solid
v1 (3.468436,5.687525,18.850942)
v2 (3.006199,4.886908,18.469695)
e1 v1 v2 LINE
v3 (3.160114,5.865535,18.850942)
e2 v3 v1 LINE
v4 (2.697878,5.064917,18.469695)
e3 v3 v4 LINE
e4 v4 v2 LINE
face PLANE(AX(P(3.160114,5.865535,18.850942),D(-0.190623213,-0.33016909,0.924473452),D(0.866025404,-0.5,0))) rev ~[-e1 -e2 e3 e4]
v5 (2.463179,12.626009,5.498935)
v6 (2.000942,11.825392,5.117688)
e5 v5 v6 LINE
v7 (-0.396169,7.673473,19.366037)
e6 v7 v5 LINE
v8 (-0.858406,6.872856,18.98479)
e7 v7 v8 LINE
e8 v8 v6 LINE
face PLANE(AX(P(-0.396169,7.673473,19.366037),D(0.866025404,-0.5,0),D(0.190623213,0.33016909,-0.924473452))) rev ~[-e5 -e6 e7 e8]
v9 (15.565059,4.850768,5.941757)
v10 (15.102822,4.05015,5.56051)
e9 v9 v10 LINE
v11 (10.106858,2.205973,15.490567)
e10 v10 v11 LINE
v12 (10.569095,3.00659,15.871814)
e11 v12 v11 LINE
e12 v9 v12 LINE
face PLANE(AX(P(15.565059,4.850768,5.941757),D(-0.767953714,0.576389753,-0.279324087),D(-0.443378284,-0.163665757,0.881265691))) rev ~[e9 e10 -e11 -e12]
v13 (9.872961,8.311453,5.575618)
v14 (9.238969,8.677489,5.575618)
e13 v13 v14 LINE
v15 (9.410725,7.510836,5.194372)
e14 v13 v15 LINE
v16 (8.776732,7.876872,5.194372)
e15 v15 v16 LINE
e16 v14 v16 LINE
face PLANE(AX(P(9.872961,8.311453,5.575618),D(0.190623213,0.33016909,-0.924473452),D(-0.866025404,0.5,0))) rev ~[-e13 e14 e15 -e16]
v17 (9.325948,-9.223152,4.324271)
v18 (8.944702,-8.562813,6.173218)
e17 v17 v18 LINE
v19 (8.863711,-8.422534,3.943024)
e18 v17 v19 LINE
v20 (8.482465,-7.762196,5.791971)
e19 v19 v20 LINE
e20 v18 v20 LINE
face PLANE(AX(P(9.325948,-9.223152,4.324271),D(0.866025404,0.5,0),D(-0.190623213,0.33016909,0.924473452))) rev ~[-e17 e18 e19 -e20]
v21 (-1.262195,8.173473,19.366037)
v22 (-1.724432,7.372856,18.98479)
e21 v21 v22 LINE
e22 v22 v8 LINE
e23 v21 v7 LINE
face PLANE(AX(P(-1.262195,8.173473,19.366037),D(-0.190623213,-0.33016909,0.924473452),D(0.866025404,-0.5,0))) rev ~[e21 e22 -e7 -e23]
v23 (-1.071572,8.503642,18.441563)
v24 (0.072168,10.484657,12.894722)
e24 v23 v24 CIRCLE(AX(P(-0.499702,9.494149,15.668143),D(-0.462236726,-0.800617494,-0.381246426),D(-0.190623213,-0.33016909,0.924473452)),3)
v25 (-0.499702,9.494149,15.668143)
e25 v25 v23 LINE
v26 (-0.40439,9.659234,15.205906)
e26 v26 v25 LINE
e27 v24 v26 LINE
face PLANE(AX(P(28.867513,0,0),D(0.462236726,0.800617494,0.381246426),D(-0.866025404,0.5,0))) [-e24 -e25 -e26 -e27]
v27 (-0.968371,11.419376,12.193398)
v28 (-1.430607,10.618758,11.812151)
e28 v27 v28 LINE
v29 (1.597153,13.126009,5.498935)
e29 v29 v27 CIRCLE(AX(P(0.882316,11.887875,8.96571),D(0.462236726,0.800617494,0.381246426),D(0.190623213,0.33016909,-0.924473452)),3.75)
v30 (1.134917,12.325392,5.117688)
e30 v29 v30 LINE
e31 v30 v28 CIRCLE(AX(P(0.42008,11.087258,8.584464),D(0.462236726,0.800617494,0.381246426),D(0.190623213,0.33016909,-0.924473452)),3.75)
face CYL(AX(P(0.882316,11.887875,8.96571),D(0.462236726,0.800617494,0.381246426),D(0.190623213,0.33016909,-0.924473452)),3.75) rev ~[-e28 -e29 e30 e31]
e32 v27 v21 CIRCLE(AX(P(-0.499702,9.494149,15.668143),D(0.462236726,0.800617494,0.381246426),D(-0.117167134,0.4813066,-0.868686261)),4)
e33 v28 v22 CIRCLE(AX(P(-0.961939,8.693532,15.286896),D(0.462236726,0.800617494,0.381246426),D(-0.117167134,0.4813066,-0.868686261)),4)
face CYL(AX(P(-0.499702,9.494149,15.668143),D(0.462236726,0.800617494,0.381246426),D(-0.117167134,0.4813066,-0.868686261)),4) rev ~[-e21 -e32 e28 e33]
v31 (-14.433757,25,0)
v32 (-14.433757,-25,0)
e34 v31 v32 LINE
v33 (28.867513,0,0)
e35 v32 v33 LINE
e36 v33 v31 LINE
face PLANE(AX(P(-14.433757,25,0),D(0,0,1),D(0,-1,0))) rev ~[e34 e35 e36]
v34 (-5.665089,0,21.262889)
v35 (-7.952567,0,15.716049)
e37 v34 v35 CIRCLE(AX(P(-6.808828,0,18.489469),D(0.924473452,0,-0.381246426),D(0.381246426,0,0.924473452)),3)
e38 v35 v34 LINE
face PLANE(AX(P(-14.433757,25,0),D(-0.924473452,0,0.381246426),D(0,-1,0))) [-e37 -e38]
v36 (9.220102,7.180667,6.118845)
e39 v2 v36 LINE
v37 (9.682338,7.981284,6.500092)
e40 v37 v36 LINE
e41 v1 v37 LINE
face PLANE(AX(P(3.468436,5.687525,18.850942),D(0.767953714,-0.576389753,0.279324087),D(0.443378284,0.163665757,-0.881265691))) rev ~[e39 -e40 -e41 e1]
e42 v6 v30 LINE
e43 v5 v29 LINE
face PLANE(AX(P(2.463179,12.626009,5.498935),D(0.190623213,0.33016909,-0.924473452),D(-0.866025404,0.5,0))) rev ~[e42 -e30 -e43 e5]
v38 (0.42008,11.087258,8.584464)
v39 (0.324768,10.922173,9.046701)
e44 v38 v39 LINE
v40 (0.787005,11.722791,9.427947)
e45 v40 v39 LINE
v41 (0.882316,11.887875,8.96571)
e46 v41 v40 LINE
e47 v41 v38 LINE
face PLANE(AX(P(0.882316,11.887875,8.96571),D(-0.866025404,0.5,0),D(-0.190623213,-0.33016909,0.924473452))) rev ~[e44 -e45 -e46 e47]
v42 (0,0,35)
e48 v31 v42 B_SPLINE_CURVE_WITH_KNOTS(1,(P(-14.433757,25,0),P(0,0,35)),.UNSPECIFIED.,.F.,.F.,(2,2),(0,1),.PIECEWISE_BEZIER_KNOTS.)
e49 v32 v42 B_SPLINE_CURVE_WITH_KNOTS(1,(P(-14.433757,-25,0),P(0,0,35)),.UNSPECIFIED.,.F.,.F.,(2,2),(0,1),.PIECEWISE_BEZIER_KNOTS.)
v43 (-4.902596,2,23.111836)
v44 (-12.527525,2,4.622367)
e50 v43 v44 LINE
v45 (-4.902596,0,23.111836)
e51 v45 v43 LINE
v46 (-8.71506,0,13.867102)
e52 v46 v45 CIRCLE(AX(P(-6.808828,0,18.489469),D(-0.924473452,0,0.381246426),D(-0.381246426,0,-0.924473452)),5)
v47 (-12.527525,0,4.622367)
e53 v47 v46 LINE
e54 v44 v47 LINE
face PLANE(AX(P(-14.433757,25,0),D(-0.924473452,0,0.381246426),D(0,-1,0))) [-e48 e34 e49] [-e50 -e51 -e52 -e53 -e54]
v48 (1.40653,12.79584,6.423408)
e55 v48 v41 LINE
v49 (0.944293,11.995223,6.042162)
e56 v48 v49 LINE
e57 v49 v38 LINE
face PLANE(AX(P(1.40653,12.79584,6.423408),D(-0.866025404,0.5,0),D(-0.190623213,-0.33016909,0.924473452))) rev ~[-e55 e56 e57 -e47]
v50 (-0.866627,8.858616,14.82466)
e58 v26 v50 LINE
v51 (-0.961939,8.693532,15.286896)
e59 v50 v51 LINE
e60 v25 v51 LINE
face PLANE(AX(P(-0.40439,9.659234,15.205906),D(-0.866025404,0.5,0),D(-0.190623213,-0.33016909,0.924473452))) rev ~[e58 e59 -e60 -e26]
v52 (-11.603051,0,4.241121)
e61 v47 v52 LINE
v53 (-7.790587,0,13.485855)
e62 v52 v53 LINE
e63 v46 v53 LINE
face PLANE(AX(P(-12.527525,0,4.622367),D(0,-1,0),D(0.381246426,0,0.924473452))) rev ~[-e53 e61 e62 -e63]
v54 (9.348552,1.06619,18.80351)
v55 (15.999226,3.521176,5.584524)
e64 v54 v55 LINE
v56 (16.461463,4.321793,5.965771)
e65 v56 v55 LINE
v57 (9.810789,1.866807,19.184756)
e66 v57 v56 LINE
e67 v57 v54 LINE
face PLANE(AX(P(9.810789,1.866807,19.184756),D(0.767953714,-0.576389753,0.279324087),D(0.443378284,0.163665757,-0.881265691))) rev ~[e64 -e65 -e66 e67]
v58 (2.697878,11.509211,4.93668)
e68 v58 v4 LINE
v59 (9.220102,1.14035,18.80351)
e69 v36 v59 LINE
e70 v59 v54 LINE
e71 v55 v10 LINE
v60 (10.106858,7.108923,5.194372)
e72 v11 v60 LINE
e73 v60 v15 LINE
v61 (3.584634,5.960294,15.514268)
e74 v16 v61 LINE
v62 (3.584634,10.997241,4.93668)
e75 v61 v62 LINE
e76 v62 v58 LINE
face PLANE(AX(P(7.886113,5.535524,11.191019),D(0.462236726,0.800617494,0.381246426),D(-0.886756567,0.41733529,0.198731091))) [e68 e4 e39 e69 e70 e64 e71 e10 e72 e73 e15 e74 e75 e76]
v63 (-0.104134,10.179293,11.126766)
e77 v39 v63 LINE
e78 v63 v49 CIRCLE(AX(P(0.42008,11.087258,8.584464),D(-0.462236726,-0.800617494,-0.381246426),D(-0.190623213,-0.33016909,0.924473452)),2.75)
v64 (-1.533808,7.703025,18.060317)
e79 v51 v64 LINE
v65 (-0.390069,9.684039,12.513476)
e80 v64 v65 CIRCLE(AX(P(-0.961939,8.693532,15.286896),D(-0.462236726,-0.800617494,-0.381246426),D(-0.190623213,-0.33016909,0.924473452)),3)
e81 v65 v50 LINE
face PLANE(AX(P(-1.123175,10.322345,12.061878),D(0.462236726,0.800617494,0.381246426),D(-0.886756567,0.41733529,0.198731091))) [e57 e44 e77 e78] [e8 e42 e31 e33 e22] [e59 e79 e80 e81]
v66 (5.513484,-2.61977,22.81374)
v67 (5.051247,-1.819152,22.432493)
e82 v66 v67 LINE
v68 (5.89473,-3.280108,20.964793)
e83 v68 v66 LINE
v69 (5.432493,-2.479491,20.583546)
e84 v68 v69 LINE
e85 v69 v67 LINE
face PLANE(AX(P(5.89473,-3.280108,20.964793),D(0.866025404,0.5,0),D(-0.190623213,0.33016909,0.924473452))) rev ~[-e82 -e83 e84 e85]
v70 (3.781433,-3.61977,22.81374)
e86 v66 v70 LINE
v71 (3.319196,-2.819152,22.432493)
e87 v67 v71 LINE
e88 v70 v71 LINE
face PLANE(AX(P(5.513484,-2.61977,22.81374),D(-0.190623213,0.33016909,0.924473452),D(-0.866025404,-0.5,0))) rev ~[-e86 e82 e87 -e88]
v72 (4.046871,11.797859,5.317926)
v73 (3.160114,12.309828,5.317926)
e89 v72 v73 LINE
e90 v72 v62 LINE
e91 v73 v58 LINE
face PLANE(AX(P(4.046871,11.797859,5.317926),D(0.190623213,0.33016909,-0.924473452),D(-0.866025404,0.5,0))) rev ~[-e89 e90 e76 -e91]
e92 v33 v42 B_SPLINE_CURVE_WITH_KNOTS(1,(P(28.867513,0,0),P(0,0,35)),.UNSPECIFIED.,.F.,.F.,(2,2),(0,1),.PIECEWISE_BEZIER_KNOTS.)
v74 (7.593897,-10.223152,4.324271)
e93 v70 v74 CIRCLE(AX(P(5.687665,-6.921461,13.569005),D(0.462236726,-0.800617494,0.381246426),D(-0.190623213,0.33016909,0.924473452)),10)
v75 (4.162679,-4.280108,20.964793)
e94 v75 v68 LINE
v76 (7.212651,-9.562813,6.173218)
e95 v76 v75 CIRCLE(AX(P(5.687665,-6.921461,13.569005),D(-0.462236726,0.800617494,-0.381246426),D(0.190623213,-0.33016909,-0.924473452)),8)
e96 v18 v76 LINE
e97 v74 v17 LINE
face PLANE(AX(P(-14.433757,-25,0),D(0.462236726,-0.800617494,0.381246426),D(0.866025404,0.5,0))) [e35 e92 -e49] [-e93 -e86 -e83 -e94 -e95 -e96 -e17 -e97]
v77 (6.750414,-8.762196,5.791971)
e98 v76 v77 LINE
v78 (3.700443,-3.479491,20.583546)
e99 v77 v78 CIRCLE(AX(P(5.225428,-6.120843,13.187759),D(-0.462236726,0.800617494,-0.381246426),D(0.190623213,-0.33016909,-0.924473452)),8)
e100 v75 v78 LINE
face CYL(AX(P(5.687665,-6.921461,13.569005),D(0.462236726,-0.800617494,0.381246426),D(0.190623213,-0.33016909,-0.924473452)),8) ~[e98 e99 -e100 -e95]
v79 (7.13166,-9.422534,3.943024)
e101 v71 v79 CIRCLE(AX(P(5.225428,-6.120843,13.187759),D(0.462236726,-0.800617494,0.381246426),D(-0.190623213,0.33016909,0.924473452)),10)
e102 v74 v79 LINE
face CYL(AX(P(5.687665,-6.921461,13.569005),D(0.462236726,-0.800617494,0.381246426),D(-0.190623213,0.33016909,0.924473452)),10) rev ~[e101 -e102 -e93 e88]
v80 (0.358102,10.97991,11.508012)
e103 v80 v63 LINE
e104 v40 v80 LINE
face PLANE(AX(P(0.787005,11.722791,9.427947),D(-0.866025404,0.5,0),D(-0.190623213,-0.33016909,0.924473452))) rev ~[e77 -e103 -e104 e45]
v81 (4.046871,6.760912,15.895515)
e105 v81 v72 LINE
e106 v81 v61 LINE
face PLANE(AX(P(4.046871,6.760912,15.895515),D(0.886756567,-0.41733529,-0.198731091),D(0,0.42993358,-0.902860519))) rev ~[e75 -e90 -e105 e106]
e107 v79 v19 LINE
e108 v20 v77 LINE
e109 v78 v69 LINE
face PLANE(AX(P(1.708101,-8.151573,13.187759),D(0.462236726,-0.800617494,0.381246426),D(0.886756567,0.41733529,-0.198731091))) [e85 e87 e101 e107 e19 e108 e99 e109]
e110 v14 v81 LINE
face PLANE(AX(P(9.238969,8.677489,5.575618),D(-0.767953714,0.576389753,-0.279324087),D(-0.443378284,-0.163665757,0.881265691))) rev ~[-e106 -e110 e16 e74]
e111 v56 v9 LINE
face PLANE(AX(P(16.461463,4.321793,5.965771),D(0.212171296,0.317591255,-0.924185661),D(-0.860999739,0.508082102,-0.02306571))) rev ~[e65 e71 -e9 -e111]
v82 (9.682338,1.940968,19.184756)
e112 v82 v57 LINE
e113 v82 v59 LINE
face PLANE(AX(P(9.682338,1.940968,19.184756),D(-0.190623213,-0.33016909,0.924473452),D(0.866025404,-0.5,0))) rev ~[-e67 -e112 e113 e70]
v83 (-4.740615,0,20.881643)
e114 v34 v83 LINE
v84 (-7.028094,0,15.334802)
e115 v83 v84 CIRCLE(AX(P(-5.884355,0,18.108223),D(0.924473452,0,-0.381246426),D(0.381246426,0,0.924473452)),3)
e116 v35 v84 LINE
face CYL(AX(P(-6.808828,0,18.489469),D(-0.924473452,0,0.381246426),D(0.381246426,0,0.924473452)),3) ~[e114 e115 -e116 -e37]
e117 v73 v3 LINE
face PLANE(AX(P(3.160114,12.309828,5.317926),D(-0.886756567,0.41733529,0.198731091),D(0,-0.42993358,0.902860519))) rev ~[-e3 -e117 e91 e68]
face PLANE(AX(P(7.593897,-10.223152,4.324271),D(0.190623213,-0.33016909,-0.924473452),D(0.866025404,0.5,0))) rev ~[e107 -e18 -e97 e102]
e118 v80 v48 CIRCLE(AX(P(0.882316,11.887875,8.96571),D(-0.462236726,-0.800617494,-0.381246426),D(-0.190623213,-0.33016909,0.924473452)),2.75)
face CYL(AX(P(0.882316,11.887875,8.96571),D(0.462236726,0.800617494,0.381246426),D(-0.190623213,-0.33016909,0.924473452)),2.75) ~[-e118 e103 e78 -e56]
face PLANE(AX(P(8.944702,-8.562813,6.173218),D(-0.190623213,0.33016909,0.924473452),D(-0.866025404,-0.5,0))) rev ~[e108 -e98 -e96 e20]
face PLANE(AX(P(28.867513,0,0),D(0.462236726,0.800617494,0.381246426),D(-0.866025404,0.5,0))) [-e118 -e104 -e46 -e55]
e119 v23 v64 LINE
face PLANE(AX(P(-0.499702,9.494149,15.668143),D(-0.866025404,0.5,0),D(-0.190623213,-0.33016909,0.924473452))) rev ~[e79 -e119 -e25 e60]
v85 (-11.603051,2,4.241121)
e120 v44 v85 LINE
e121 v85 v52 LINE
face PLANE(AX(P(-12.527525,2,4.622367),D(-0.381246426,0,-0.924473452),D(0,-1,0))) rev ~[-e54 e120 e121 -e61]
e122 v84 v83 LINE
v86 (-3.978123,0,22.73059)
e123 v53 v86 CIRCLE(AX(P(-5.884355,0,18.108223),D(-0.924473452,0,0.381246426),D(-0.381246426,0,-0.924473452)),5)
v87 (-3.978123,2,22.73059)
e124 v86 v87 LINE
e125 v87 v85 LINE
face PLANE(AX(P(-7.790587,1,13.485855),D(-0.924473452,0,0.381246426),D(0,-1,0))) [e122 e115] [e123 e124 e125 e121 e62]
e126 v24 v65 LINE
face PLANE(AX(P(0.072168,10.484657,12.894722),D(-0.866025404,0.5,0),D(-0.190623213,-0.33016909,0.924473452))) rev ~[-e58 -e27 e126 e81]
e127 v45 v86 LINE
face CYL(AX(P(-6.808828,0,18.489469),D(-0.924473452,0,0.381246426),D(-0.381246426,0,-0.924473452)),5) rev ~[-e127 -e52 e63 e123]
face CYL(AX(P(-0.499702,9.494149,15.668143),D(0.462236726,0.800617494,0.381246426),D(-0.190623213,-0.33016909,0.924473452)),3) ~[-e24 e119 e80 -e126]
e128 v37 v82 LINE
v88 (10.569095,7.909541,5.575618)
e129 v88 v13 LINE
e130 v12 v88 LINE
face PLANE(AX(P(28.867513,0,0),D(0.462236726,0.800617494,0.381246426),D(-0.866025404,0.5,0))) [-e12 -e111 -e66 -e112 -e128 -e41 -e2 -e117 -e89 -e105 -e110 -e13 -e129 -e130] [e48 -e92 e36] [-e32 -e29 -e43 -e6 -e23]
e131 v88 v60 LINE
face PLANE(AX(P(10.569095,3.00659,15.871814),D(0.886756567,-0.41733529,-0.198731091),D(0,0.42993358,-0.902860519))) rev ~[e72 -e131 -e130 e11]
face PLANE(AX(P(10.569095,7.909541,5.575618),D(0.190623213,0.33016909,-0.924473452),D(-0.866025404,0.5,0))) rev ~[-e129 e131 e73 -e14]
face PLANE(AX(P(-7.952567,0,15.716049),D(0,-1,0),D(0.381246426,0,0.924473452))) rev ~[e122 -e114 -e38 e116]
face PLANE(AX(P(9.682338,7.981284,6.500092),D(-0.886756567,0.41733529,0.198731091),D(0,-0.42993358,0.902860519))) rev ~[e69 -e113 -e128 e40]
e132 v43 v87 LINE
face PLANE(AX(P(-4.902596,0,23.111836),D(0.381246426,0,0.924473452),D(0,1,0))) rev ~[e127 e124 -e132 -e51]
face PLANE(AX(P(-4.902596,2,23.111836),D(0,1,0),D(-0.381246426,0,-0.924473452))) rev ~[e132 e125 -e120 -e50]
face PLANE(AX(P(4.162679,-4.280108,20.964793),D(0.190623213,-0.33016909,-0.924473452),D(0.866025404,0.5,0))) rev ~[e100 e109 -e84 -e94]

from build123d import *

# Parameters (mm, degrees)
F5_DEPTH = 1
F7_DEPTH = 1
F9_DEPTH = 1


with BuildPart() as f3:
    # F0 (on Top) → F3 section 0
    with BuildSketch(Plane.XY, mode=Mode.PRIVATE) as f3_s0:
        Polygon((-14.4337567297, 25), (-14.4337567297, -25), (28.8675134595, 0), align=None)
    loft([f3_s0.sketch, Vertex(0, 0, 35)])

    # F4 (on face) → F5 (cut)
    with BuildSketch(Plane(origin=(-12.3358269725, 0, 5.0872093023), x_dir=(0, -1, 0), z_dir=(-0.9244734516, 0, 0.3812464258))):
        Polygon((-2, -0.5028181645), (0, -0.5028181645), (0, 9.4971818355), (0, 11.4971818355), (0, 17.4971818355), (0, 19.4971818355), (-2, 19.4971818355), align=None)
        with BuildLine():
            Line((0, 11.4971818355), (0, 9.4971818355))
            ThreePointArc((0, 9.4971818355), (5, 14.4971818355), (0, 19.4971818355))
            Line((0, 19.4971818355), (0, 17.4971818355))
            ThreePointArc((0, 17.4971818355), (3, 14.4971818355), (0, 11.4971818355))
        make_face()
    extrude(amount=-F5_DEPTH, mode=Mode.SUBTRACT)

    # F6 (on face) → F7 (cut)
    with BuildSketch(Plane(origin=(6.1679134863, -10.6831395349, 5.0872093023), x_dir=(0.8867565671, 0.4173352901, -0.1987310905), z_dir=(0.4622367258, -0.8006174942, 0.3812464258))):
        with BuildLine():
            Line((-0.7380038788, 19.4712978038), (-2.691246597, 19.0413642234))
            ThreePointArc((-2.691246597, 19.0413642234), (-10.3077922864, 7.1254827301), (1.6080892069, -0.4910629592))
            Line((1.6080892069, -0.4910629592), (3.5613319251, -0.0611293789))
            Line((3.5613319251, -0.0611293789), (3.1313983448, 1.8921133394))
            Line((3.1313983448, 1.8921133394), (1.1781556265, 1.462179759))
            ThreePointArc((1.1781556265, 1.462179759), (-8.3545495681, 7.5554163105), (-2.2613130166, 17.0881215051))
            Line((-2.2613130166, 17.0881215051), (-0.3080702984, 17.5180550855))
            Line((-0.3080702984, 17.5180550855), (-0.7380038788, 19.4712978038))
        make_face()
    extrude(amount=-F7_DEPTH, mode=Mode.SUBTRACT)

    # F8 (on face) → F9 (cut)
    with BuildSketch(Plane(origin=(6.1679134863, 10.6831395349, 5.0872093023), x_dir=(-0.8867565671, 0.4173352901, 0.1987310905), z_dir=(0.4622367258, 0.8006174942, 0.3812464258))):
        Polygon((2.3919107931, -0.2709502327), (3.3919107931, -0.4910629592), (3.3919107931, 14.4979807209), (3.0442146526, 14.5745130664), (-3.9632350967, 2.4372540691), (-3.9632350967, 16.4866717508), (-4.1080892069, 16.518555984), (-11.6080892069, 3.5281749272), (-10.5972096929, 3.2790696058), (-4.9632350967, 13.037399855), (-4.9632350967, 1.6334285103), (-4.1782018869, 1.46063271), (-3.4632453686, 1.3032616814), (2.3919107931, 11.4446896398), align=None)
        with BuildLine():
            ThreePointArc((5.1544700324, -0.6785410767), (9.4095342954, 1.5116065738), (8.0476246724, 6.0993642823))
            ThreePointArc((8.0476246724, 6.0993642823), (11.5155654495, 9.8960628609), (8.3789718853, 13.9707793103))
            Line((8.3789718853, 13.9707793103), (7.4023505262, 14.1857461004))
            Line((7.4023505262, 14.1857461004), (4.1778486732, -0.4635742865))
            Line((4.1778486732, -0.4635742865), (5.1544700324, -0.6785410767))
        make_face()
        with BuildLine():
            ThreePointArc((6.5517541686, 5.6694977576), (8.6463042332, 2.392630347), (5.3694368226, 0.2980802824))
            Line((5.3694368226, 0.2980802824), (5.9605954956, 2.98378902))
            Line((5.9605954956, 2.98378902), (6.0680788907, 3.4720996996))
            Line((6.0680788907, 3.4720996996), (6.5517541686, 5.6694977576))
        make_face(mode=Mode.SUBTRACT)
        with BuildLine():
            ThreePointArc((8.0476246724, 6.0993642823), (7.3508737117, 6.0678331487), (6.6592375637, 6.1578084372))
            Line((6.6592375637, 6.1578084372), (6.7667209588, 6.6461191168))
            ThreePointArc((6.7667209588, 6.6461191168), (7.4327779419, 6.4327278198), (8.0476246724, 6.0993642823))
        make_face(mode=Mode.SUBTRACT)
        with BuildLine():
            ThreePointArc((8.1640050951, 12.9941579511), (10.4489688019, 9.4193935031), (6.8742043539, 7.1344297963))
            Line((6.8742043539, 7.1344297963), (7.4116213294, 9.5759831942))
            Line((7.4116213294, 9.5759831942), (7.5191047245, 10.0642938737))
            Line((7.5191047245, 10.0642938737), (8.1640050951, 12.9941579511))
        make_face(mode=Mode.SUBTRACT)
        with BuildLine():
            Line((6.7667209588, 6.6461191168), (6.6592375637, 6.1578084372))
            ThreePointArc((6.6592375637, 6.1578084372), (7.3508737117, 6.0678331487), (8.0476246724, 6.0993642823))
            ThreePointArc((8.0476246724, 6.0993642823), (7.4327779419, 6.4327278198), (6.7667209588, 6.6461191168))
        make_face()
    extrude(amount=-F9_DEPTH, mode=Mode.SUBTRACT)


solid = f3.part
